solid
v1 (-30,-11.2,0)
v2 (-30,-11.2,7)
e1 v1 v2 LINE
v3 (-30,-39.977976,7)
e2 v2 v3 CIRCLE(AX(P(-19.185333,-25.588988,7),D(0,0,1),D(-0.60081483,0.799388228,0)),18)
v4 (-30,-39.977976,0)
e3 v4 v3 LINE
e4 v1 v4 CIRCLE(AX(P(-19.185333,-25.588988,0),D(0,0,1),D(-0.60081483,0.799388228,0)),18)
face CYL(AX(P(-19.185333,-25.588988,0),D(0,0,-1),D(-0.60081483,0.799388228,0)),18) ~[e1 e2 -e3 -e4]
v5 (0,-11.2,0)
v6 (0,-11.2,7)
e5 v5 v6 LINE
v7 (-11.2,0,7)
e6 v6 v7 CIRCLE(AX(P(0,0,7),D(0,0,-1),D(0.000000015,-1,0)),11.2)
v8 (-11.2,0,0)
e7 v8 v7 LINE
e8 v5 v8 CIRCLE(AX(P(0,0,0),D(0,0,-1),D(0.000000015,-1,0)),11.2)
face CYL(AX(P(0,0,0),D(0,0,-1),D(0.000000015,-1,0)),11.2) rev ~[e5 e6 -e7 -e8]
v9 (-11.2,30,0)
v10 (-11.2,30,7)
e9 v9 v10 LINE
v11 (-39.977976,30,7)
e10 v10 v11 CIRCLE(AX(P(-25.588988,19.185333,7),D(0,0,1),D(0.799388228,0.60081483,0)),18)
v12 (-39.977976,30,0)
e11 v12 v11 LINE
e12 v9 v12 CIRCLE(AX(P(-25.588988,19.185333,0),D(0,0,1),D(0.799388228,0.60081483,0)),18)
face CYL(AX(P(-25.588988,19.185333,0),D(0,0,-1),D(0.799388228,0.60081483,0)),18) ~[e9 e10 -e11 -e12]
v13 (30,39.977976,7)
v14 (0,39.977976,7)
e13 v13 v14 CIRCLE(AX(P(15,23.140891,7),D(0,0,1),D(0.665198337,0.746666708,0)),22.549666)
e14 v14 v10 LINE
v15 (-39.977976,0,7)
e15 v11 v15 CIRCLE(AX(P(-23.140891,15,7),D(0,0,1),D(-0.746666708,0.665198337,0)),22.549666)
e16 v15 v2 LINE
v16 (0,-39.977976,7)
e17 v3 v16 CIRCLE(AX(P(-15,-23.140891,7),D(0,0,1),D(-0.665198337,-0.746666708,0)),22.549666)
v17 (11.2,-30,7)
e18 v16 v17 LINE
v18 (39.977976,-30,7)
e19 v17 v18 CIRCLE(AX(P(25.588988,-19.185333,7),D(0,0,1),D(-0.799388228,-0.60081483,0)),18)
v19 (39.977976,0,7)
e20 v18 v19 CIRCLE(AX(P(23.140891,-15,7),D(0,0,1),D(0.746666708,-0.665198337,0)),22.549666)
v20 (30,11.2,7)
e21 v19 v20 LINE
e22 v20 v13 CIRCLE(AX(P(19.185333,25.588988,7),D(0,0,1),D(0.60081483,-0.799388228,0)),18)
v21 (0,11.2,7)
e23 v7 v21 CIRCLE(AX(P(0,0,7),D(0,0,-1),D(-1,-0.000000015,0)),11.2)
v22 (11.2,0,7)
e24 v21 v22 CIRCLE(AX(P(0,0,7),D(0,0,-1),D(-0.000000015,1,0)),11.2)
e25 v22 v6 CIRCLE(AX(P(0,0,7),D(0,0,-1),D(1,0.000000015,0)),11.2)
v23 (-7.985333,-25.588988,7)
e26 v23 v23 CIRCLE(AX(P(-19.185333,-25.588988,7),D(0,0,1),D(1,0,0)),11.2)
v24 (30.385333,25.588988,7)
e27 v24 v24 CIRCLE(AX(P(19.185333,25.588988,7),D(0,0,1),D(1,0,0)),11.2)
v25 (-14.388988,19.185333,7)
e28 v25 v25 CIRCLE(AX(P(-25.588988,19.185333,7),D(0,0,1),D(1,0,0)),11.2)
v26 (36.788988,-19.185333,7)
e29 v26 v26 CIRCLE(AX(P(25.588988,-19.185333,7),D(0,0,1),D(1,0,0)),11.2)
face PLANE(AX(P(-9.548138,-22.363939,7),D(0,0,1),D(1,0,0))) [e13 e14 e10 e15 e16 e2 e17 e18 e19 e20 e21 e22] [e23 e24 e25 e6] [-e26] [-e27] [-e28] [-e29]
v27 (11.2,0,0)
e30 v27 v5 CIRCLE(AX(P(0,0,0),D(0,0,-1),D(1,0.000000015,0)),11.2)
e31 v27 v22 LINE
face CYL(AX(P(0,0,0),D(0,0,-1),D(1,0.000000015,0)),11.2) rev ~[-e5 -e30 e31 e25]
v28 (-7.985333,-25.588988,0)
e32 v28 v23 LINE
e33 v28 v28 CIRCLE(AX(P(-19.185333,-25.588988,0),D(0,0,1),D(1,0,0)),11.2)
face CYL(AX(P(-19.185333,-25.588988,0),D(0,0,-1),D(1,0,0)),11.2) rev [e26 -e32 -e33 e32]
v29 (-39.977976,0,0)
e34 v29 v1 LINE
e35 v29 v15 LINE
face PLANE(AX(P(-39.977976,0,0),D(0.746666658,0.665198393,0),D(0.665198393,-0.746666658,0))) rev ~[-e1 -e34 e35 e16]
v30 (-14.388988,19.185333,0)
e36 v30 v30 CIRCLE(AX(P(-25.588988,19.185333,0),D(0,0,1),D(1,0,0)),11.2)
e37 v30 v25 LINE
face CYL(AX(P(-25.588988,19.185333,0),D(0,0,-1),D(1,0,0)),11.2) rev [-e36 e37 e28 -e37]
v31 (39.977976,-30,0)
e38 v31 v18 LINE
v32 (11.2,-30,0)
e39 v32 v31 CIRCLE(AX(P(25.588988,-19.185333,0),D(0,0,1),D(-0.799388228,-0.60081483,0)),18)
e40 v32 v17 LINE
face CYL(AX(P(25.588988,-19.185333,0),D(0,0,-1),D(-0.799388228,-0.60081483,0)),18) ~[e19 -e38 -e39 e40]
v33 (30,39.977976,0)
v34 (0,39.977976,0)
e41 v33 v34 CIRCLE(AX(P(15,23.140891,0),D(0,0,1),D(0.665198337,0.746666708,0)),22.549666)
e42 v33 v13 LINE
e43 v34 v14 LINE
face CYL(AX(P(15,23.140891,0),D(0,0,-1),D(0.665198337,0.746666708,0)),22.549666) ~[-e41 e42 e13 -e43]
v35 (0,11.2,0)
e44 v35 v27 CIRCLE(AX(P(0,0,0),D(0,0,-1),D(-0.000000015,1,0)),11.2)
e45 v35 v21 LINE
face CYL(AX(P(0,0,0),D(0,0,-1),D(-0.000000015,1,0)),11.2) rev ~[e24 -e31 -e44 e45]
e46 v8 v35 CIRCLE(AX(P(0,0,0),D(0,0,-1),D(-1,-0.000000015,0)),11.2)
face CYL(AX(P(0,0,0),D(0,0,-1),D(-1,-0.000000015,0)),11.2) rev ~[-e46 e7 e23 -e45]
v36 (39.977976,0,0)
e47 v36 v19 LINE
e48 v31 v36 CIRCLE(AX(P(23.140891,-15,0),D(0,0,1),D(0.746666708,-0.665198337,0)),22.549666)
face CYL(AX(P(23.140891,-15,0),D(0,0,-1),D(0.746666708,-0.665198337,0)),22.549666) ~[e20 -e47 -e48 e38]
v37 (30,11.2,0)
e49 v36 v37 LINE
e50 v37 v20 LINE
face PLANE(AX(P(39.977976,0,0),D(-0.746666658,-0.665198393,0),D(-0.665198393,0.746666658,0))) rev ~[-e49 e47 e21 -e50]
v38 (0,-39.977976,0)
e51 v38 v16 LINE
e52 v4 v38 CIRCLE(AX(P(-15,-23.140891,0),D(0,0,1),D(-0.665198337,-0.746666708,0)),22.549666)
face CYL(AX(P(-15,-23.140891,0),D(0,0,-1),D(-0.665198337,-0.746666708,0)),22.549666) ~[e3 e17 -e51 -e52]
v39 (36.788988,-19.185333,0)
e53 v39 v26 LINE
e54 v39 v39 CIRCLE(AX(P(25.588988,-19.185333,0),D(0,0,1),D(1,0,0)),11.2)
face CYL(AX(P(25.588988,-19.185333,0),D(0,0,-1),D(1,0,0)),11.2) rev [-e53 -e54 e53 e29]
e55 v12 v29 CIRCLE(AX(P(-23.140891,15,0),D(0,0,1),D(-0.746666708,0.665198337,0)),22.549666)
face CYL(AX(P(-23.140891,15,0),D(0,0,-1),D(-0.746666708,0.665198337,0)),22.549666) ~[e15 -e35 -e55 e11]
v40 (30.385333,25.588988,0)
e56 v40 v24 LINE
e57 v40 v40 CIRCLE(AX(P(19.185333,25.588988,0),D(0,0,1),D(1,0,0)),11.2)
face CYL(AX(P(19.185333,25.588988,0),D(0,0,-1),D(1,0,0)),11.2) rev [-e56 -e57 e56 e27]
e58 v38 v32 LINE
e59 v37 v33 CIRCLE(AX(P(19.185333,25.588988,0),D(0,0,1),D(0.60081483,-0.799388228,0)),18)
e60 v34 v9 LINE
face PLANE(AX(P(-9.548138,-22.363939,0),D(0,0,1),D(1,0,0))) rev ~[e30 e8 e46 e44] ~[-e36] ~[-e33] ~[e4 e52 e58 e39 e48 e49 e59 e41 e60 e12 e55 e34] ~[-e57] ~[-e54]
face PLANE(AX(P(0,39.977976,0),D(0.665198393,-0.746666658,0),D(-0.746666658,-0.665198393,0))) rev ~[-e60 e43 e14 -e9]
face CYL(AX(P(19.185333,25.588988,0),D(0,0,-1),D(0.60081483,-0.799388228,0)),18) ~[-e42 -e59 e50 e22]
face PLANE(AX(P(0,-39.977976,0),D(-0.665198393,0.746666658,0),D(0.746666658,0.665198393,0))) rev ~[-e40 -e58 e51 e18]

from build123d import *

# Parameters (mm, degrees)
F0_R     = 11.2
F1_DEPTH = 7


with BuildPart() as f1:
    # F0 (on Top) → F1 (new body)
    with BuildSketch(Plane.XY):
        with BuildLine():
            Line((11.2, -30), (11.2, 0))
            ThreePointArc((11.2, 0), (7.919596, -7.919596), (0, -11.2))
            Line((0, -11.2), (-30, -11.2))
            ThreePointArc((-30, -11.2), (-37.185333, -25.588988), (-30, -39.977976))
            Line((-30, -39.977976), (0, -39.977976))
            Line((0, -39.977976), (11.2, -30))
        make_face()
        with Locations((-19.185333, -25.588988)):
            Circle(F0_R, mode=Mode.SUBTRACT)
        with BuildLine():
            ThreePointArc((0, 11.2), (7.919596, 7.919596), (11.2, 0))
            Line((11.2, 0), (11.2, -30))
            ThreePointArc((11.2, -30), (25.588988, -37.185333), (39.977976, -30))
            Line((39.977976, -30), (39.977976, 0))
            Line((39.977976, 0), (30, 11.2))
            Line((30, 11.2), (0, 11.2))
        make_face()
        with Locations((25.588988, -19.185333)):
            Circle(F0_R, mode=Mode.SUBTRACT)
        with BuildLine():
            ThreePointArc((-11.2, 0), (-7.919596, 7.919596), (0, 11.2))
            Line((0, 11.2), (30, 11.2))
            ThreePointArc((30, 11.2), (37.185333, 25.588988), (30, 39.977976))
            Line((30, 39.977976), (0, 39.977976))
            Line((0, 39.977976), (-11.2, 30))
            Line((-11.2, 30), (-11.2, 0))
        make_face()
        with Locations((19.185333, 25.588988)):
            Circle(F0_R, mode=Mode.SUBTRACT)
        with BuildLine():
            Line((-30, -11.2), (0, -11.2))
            ThreePointArc((0, -11.2), (-7.919596, -7.919596), (-11.2, 0))
            Line((-11.2, 0), (-11.2, 30))
            ThreePointArc((-11.2, 30), (-25.588988, 37.185333), (-39.977976, 30))
            Line((-39.977976, 30), (-39.977976, 0))
            Line((-39.977976, 0), (-30, -11.2))
        make_face()
        with Locations((-25.588988, 19.185333)):
            Circle(F0_R, mode=Mode.SUBTRACT)
        with BuildLine():
            ThreePointArc((-30, -39.977976), (-15, -45.690557), (0, -39.977976))
            Line((0, -39.977976), (-30, -39.977976))
        make_face()
        with BuildLine():
            Line((39.977976, 0), (39.977976, -30))
            ThreePointArc((39.977976, -30), (45.690557, -15), (39.977976, 0))
        make_face()
        with BuildLine():
            Line((0, 39.977976), (30, 39.977976))
            ThreePointArc((30, 39.977976), (15, 45.690557), (0, 39.977976))
        make_face()
        with BuildLine():
            ThreePointArc((-39.977976, 30), (-45.690557, 15), (-39.977976, 0))
            Line((-39.977976, 0), (-39.977976, 30))
        make_face()
    extrude(amount=F1_DEPTH)


solid = f1.part
